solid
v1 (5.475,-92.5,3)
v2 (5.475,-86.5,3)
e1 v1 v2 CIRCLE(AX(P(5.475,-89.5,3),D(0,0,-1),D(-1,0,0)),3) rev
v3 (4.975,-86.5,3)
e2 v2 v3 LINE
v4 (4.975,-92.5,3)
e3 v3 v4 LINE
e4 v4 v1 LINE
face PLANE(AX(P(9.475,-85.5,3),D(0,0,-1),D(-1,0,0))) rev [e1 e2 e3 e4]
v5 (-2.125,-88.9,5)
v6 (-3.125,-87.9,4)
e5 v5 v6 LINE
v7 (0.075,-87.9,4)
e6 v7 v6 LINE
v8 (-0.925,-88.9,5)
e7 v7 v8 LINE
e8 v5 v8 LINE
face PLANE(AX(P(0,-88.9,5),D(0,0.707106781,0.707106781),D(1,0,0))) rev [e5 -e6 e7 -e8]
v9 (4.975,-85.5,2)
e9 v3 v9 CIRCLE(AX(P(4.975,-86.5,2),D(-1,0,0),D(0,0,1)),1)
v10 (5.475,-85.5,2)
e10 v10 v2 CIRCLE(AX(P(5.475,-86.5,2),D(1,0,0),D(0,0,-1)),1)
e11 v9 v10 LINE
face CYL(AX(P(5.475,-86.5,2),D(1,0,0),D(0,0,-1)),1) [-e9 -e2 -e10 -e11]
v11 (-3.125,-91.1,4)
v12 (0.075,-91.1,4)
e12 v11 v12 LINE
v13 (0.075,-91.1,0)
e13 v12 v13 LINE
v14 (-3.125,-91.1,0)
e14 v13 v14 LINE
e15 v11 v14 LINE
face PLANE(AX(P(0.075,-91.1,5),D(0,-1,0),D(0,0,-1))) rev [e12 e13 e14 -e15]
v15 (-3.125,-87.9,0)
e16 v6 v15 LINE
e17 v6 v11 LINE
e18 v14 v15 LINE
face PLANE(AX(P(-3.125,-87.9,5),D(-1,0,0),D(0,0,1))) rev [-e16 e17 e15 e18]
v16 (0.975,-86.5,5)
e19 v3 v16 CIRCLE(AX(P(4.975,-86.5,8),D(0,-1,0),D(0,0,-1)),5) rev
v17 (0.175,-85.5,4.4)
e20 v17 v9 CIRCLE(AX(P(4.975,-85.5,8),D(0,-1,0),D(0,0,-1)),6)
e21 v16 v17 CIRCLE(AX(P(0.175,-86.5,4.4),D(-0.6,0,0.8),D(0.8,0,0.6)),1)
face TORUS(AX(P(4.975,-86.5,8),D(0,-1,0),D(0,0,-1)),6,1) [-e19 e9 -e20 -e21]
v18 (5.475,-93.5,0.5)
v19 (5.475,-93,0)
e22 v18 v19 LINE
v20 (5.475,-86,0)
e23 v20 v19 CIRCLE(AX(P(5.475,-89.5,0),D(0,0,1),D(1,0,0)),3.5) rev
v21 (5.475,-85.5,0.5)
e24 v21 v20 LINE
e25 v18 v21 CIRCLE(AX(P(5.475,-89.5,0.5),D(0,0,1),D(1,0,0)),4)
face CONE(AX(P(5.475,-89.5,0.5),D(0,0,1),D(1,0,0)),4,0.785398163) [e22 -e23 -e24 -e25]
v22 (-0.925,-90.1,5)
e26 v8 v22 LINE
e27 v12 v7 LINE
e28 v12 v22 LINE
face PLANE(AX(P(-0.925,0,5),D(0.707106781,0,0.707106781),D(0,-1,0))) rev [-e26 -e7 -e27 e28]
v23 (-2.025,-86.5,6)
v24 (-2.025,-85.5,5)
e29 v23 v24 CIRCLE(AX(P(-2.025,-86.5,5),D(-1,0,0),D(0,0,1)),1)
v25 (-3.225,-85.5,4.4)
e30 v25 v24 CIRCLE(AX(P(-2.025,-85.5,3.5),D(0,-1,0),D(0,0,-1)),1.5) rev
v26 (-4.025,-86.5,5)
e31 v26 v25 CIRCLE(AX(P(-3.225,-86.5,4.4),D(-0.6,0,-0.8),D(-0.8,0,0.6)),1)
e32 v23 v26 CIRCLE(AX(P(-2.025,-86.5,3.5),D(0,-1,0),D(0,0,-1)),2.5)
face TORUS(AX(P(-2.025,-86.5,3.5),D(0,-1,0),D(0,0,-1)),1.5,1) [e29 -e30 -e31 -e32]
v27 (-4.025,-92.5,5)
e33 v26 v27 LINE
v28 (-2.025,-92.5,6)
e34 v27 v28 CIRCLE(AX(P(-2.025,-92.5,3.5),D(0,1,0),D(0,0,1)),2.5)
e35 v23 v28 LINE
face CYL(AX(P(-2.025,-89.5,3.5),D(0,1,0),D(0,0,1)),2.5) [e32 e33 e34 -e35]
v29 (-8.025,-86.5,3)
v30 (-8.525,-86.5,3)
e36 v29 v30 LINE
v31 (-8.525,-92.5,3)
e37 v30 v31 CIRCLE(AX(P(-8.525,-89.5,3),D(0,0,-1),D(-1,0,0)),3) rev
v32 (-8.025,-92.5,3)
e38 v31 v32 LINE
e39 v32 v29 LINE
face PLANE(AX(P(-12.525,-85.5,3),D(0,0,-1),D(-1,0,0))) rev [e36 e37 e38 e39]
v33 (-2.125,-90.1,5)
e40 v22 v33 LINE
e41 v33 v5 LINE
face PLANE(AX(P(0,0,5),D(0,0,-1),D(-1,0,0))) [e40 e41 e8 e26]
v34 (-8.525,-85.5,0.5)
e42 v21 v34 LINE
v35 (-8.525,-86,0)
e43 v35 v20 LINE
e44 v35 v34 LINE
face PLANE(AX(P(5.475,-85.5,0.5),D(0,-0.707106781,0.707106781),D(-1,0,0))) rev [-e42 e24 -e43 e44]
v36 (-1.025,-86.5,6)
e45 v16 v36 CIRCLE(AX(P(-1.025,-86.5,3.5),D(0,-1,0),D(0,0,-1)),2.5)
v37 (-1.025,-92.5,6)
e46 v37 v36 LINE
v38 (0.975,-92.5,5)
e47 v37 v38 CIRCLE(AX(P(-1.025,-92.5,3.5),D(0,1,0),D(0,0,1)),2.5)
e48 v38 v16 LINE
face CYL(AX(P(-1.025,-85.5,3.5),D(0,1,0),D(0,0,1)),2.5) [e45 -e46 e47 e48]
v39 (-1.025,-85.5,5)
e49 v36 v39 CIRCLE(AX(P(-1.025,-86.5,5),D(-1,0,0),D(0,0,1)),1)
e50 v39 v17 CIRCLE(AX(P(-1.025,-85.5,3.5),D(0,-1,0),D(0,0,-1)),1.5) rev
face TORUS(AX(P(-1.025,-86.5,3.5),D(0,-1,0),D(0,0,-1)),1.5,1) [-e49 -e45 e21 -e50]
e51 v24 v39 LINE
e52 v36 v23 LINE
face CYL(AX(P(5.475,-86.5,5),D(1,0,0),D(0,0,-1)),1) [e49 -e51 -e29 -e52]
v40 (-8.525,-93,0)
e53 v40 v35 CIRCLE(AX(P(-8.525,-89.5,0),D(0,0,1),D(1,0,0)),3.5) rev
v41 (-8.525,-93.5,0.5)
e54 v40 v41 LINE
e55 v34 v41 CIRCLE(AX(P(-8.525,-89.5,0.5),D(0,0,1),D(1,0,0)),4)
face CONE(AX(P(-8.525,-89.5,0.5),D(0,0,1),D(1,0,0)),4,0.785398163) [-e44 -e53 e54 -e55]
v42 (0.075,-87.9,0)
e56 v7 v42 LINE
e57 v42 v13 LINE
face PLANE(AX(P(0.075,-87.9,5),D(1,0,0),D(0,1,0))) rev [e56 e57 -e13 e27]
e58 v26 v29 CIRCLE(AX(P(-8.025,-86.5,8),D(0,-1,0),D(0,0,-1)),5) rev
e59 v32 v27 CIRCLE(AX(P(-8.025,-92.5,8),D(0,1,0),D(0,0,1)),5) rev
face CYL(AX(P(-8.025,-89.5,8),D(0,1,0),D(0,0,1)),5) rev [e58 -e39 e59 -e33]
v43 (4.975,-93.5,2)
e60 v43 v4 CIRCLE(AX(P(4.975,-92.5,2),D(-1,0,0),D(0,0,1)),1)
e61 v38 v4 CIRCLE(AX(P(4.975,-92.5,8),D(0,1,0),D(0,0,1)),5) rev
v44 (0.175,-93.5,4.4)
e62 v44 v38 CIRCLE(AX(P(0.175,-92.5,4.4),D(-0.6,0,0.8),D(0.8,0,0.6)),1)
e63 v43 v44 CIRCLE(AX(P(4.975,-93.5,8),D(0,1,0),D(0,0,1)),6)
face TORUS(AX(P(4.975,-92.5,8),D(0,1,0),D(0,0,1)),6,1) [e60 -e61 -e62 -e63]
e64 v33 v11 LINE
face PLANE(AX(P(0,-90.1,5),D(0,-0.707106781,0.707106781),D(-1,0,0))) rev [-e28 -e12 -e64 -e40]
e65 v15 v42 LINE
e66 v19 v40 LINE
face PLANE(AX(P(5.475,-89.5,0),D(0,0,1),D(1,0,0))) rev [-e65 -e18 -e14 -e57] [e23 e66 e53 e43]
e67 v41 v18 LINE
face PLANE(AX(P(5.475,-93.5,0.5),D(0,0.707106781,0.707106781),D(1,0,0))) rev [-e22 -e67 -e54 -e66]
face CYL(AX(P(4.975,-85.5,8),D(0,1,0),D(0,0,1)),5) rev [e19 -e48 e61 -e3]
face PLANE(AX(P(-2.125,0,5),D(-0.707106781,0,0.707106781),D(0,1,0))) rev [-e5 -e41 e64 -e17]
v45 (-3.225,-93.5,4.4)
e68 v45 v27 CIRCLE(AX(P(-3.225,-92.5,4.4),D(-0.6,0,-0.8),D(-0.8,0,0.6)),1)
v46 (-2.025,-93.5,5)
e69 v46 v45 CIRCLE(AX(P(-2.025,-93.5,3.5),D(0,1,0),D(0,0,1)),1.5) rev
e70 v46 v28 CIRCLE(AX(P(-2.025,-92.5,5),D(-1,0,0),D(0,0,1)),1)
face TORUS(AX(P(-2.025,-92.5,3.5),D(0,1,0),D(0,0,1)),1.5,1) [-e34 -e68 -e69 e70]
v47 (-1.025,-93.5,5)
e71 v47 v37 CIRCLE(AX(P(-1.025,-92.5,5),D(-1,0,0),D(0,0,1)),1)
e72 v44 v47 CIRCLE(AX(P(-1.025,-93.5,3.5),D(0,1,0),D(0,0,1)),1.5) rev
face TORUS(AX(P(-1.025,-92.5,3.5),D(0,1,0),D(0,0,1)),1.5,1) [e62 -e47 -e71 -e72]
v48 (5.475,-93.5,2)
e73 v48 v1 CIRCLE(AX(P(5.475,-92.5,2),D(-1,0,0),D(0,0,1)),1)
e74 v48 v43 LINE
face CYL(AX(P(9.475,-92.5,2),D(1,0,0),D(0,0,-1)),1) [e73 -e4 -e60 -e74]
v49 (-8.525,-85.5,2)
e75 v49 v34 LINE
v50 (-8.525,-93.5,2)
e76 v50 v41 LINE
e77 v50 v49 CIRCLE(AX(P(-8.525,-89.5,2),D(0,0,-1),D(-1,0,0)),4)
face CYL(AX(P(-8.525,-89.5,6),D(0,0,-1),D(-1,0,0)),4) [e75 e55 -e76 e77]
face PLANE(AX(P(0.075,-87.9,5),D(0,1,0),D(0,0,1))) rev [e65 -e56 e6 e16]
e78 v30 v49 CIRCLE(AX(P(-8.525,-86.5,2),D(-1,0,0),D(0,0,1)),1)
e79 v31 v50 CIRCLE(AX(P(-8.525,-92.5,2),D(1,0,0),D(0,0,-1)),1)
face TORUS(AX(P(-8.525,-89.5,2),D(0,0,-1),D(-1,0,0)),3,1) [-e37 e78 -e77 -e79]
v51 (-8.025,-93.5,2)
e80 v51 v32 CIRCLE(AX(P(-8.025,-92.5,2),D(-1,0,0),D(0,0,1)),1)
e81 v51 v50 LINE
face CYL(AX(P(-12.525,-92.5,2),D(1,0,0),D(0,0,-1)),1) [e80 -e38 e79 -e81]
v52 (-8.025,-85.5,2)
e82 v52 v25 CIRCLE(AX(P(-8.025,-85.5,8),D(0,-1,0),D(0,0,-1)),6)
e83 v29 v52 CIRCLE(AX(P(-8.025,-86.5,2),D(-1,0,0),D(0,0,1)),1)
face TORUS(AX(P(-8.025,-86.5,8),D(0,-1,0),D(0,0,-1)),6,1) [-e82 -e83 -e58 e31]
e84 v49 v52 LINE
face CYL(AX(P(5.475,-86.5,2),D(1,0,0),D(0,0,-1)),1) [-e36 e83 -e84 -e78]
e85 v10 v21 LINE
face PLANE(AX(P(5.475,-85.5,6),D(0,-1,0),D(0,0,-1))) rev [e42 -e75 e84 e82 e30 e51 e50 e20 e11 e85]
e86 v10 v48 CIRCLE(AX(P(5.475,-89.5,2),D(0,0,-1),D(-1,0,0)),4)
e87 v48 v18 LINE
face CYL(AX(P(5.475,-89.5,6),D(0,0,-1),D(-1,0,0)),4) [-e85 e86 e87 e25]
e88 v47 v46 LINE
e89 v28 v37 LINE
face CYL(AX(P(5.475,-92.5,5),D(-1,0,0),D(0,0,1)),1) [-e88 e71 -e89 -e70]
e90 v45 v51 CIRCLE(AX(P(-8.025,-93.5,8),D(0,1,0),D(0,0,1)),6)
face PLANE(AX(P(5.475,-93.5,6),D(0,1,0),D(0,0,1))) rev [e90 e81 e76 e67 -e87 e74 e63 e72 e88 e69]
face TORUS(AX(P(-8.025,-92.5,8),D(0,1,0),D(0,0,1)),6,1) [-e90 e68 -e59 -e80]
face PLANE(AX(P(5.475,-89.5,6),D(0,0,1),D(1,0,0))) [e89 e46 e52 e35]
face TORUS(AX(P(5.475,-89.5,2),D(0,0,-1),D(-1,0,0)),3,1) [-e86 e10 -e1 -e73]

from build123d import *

# Parameters (mm, degrees)
BOSS_EXTRUDE1_DEPTH = 6
SKETCH2_W           = 8
SKETCH2_H           = 3
CUT_EXTRUDE1_DEPTH  = 17.027339923
SKETCH3_W           = 3.2
SKETCH3_H           = 3.2
CUT_EXTRUDE2_DEPTH  = 5
FILLET1_R           = 2.5
FILLET2_R           = 5
FILLET3_R           = 1
CHAMFER1_SIZE       = 0.5
CHAMFER2_SIZE       = 1


with BuildPart() as part:
    # Sketch1 → Boss-Extrude1 (new body)
    with BuildSketch(Plane.XY):
        with BuildLine():
            Line((5.475, -93.5), (-8.525, -93.5))
            ThreePointArc((-8.525, -93.5), (-12.525, -89.5), (-8.525, -85.5))
            Line((-8.525, -85.5), (5.475, -85.5))
            ThreePointArc((5.475, -85.5), (9.475, -89.5), (5.475, -93.5))
        make_face()
    extrude(amount=BOSS_EXTRUDE1_DEPTH)

    # Sketch2 → Cut-Extrude1 (cut, through all)
    with BuildSketch(Plane.XZ.offset(93.5)):
        with Locations((-8.525, 4.5)):
            Rectangle(SKETCH2_W, SKETCH2_H)
        with Locations((5.475, 4.5)):
            Rectangle(SKETCH2_W, SKETCH2_H)
    extrude(amount=-CUT_EXTRUDE1_DEPTH, mode=Mode.SUBTRACT)

    # Sketch3 → Cut-Extrude2 (cut)
    with BuildSketch(Plane(origin=(0, 0, 0), x_dir=(-1, 0, 0), z_dir=(0, 0, -1))):
        with Locations((1.525, -89.5)):
            Rectangle(SKETCH3_W, SKETCH3_H)
    extrude(amount=-CUT_EXTRUDE2_DEPTH, mode=Mode.SUBTRACT)

    # Fillet1
    fillet1_edges = [part.edges().sort_by_distance(p)[0] for p in [
        (-4.525, -89.5, 6),
        (1.475, -89.5, 6),
    ]]
    fillet(fillet1_edges, radius=FILLET1_R)

    # Fillet2
    fillet2_edges = [part.edges().sort_by_distance(p)[0] for p in [
        (1.475, -89.5, 3),
        (-4.525, -89.5, 3),
    ]]
    fillet(fillet2_edges, radius=FILLET2_R)

    # Fillet3
    fillet3_edges = [part.edges().sort_by_distance(p)[0] for p in [
        (-5.788932023, -93.5, 3.527864045),
        (-5.788932023, -85.5, 3.527864045),
        (-12.525, -89.5, 3),
        (-8.275, -85.5, 3),
        (-8.275, -93.5, 3),
        (9.475, -89.5, 3),
        (-1.525, -93.5, 6),
        (-3.143033989, -93.5, 5.736067977),
        (-1.525, -85.5, 6),
        (0.093033989, -85.5, 5.736067977),
        (5.225, -85.5, 3),
        (5.225, -93.5, 3),
        (0.093033989, -93.5, 5.736067977),
        (-3.143033989, -85.5, 5.736067977),
        (2.738932023, -93.5, 3.527864045),
        (2.738932023, -85.5, 3.527864045),
    ]]
    fillet(fillet3_edges, radius=FILLET3_R)

    # Chamfer1
    chamfer1_edges = [part.edges().sort_by_distance(p)[0] for p in [
        (-1.525, -93.5, 0),
        (-12.525, -89.5, 0),
        (-1.525, -85.5, 0),
        (9.475, -89.5, 0),
    ]]
    chamfer(chamfer1_edges, length=CHAMFER1_SIZE)

    # Chamfer2
    chamfer2_edges = [part.edges().sort_by_distance(p)[0] for p in [
        (0.075, -89.5, 5),
        (-1.525, -87.9, 5),
        (-3.125, -89.5, 5),
        (-1.525, -91.1, 5),
    ]]
    chamfer(chamfer2_edges, length=CHAMFER2_SIZE)


solid = part.part
